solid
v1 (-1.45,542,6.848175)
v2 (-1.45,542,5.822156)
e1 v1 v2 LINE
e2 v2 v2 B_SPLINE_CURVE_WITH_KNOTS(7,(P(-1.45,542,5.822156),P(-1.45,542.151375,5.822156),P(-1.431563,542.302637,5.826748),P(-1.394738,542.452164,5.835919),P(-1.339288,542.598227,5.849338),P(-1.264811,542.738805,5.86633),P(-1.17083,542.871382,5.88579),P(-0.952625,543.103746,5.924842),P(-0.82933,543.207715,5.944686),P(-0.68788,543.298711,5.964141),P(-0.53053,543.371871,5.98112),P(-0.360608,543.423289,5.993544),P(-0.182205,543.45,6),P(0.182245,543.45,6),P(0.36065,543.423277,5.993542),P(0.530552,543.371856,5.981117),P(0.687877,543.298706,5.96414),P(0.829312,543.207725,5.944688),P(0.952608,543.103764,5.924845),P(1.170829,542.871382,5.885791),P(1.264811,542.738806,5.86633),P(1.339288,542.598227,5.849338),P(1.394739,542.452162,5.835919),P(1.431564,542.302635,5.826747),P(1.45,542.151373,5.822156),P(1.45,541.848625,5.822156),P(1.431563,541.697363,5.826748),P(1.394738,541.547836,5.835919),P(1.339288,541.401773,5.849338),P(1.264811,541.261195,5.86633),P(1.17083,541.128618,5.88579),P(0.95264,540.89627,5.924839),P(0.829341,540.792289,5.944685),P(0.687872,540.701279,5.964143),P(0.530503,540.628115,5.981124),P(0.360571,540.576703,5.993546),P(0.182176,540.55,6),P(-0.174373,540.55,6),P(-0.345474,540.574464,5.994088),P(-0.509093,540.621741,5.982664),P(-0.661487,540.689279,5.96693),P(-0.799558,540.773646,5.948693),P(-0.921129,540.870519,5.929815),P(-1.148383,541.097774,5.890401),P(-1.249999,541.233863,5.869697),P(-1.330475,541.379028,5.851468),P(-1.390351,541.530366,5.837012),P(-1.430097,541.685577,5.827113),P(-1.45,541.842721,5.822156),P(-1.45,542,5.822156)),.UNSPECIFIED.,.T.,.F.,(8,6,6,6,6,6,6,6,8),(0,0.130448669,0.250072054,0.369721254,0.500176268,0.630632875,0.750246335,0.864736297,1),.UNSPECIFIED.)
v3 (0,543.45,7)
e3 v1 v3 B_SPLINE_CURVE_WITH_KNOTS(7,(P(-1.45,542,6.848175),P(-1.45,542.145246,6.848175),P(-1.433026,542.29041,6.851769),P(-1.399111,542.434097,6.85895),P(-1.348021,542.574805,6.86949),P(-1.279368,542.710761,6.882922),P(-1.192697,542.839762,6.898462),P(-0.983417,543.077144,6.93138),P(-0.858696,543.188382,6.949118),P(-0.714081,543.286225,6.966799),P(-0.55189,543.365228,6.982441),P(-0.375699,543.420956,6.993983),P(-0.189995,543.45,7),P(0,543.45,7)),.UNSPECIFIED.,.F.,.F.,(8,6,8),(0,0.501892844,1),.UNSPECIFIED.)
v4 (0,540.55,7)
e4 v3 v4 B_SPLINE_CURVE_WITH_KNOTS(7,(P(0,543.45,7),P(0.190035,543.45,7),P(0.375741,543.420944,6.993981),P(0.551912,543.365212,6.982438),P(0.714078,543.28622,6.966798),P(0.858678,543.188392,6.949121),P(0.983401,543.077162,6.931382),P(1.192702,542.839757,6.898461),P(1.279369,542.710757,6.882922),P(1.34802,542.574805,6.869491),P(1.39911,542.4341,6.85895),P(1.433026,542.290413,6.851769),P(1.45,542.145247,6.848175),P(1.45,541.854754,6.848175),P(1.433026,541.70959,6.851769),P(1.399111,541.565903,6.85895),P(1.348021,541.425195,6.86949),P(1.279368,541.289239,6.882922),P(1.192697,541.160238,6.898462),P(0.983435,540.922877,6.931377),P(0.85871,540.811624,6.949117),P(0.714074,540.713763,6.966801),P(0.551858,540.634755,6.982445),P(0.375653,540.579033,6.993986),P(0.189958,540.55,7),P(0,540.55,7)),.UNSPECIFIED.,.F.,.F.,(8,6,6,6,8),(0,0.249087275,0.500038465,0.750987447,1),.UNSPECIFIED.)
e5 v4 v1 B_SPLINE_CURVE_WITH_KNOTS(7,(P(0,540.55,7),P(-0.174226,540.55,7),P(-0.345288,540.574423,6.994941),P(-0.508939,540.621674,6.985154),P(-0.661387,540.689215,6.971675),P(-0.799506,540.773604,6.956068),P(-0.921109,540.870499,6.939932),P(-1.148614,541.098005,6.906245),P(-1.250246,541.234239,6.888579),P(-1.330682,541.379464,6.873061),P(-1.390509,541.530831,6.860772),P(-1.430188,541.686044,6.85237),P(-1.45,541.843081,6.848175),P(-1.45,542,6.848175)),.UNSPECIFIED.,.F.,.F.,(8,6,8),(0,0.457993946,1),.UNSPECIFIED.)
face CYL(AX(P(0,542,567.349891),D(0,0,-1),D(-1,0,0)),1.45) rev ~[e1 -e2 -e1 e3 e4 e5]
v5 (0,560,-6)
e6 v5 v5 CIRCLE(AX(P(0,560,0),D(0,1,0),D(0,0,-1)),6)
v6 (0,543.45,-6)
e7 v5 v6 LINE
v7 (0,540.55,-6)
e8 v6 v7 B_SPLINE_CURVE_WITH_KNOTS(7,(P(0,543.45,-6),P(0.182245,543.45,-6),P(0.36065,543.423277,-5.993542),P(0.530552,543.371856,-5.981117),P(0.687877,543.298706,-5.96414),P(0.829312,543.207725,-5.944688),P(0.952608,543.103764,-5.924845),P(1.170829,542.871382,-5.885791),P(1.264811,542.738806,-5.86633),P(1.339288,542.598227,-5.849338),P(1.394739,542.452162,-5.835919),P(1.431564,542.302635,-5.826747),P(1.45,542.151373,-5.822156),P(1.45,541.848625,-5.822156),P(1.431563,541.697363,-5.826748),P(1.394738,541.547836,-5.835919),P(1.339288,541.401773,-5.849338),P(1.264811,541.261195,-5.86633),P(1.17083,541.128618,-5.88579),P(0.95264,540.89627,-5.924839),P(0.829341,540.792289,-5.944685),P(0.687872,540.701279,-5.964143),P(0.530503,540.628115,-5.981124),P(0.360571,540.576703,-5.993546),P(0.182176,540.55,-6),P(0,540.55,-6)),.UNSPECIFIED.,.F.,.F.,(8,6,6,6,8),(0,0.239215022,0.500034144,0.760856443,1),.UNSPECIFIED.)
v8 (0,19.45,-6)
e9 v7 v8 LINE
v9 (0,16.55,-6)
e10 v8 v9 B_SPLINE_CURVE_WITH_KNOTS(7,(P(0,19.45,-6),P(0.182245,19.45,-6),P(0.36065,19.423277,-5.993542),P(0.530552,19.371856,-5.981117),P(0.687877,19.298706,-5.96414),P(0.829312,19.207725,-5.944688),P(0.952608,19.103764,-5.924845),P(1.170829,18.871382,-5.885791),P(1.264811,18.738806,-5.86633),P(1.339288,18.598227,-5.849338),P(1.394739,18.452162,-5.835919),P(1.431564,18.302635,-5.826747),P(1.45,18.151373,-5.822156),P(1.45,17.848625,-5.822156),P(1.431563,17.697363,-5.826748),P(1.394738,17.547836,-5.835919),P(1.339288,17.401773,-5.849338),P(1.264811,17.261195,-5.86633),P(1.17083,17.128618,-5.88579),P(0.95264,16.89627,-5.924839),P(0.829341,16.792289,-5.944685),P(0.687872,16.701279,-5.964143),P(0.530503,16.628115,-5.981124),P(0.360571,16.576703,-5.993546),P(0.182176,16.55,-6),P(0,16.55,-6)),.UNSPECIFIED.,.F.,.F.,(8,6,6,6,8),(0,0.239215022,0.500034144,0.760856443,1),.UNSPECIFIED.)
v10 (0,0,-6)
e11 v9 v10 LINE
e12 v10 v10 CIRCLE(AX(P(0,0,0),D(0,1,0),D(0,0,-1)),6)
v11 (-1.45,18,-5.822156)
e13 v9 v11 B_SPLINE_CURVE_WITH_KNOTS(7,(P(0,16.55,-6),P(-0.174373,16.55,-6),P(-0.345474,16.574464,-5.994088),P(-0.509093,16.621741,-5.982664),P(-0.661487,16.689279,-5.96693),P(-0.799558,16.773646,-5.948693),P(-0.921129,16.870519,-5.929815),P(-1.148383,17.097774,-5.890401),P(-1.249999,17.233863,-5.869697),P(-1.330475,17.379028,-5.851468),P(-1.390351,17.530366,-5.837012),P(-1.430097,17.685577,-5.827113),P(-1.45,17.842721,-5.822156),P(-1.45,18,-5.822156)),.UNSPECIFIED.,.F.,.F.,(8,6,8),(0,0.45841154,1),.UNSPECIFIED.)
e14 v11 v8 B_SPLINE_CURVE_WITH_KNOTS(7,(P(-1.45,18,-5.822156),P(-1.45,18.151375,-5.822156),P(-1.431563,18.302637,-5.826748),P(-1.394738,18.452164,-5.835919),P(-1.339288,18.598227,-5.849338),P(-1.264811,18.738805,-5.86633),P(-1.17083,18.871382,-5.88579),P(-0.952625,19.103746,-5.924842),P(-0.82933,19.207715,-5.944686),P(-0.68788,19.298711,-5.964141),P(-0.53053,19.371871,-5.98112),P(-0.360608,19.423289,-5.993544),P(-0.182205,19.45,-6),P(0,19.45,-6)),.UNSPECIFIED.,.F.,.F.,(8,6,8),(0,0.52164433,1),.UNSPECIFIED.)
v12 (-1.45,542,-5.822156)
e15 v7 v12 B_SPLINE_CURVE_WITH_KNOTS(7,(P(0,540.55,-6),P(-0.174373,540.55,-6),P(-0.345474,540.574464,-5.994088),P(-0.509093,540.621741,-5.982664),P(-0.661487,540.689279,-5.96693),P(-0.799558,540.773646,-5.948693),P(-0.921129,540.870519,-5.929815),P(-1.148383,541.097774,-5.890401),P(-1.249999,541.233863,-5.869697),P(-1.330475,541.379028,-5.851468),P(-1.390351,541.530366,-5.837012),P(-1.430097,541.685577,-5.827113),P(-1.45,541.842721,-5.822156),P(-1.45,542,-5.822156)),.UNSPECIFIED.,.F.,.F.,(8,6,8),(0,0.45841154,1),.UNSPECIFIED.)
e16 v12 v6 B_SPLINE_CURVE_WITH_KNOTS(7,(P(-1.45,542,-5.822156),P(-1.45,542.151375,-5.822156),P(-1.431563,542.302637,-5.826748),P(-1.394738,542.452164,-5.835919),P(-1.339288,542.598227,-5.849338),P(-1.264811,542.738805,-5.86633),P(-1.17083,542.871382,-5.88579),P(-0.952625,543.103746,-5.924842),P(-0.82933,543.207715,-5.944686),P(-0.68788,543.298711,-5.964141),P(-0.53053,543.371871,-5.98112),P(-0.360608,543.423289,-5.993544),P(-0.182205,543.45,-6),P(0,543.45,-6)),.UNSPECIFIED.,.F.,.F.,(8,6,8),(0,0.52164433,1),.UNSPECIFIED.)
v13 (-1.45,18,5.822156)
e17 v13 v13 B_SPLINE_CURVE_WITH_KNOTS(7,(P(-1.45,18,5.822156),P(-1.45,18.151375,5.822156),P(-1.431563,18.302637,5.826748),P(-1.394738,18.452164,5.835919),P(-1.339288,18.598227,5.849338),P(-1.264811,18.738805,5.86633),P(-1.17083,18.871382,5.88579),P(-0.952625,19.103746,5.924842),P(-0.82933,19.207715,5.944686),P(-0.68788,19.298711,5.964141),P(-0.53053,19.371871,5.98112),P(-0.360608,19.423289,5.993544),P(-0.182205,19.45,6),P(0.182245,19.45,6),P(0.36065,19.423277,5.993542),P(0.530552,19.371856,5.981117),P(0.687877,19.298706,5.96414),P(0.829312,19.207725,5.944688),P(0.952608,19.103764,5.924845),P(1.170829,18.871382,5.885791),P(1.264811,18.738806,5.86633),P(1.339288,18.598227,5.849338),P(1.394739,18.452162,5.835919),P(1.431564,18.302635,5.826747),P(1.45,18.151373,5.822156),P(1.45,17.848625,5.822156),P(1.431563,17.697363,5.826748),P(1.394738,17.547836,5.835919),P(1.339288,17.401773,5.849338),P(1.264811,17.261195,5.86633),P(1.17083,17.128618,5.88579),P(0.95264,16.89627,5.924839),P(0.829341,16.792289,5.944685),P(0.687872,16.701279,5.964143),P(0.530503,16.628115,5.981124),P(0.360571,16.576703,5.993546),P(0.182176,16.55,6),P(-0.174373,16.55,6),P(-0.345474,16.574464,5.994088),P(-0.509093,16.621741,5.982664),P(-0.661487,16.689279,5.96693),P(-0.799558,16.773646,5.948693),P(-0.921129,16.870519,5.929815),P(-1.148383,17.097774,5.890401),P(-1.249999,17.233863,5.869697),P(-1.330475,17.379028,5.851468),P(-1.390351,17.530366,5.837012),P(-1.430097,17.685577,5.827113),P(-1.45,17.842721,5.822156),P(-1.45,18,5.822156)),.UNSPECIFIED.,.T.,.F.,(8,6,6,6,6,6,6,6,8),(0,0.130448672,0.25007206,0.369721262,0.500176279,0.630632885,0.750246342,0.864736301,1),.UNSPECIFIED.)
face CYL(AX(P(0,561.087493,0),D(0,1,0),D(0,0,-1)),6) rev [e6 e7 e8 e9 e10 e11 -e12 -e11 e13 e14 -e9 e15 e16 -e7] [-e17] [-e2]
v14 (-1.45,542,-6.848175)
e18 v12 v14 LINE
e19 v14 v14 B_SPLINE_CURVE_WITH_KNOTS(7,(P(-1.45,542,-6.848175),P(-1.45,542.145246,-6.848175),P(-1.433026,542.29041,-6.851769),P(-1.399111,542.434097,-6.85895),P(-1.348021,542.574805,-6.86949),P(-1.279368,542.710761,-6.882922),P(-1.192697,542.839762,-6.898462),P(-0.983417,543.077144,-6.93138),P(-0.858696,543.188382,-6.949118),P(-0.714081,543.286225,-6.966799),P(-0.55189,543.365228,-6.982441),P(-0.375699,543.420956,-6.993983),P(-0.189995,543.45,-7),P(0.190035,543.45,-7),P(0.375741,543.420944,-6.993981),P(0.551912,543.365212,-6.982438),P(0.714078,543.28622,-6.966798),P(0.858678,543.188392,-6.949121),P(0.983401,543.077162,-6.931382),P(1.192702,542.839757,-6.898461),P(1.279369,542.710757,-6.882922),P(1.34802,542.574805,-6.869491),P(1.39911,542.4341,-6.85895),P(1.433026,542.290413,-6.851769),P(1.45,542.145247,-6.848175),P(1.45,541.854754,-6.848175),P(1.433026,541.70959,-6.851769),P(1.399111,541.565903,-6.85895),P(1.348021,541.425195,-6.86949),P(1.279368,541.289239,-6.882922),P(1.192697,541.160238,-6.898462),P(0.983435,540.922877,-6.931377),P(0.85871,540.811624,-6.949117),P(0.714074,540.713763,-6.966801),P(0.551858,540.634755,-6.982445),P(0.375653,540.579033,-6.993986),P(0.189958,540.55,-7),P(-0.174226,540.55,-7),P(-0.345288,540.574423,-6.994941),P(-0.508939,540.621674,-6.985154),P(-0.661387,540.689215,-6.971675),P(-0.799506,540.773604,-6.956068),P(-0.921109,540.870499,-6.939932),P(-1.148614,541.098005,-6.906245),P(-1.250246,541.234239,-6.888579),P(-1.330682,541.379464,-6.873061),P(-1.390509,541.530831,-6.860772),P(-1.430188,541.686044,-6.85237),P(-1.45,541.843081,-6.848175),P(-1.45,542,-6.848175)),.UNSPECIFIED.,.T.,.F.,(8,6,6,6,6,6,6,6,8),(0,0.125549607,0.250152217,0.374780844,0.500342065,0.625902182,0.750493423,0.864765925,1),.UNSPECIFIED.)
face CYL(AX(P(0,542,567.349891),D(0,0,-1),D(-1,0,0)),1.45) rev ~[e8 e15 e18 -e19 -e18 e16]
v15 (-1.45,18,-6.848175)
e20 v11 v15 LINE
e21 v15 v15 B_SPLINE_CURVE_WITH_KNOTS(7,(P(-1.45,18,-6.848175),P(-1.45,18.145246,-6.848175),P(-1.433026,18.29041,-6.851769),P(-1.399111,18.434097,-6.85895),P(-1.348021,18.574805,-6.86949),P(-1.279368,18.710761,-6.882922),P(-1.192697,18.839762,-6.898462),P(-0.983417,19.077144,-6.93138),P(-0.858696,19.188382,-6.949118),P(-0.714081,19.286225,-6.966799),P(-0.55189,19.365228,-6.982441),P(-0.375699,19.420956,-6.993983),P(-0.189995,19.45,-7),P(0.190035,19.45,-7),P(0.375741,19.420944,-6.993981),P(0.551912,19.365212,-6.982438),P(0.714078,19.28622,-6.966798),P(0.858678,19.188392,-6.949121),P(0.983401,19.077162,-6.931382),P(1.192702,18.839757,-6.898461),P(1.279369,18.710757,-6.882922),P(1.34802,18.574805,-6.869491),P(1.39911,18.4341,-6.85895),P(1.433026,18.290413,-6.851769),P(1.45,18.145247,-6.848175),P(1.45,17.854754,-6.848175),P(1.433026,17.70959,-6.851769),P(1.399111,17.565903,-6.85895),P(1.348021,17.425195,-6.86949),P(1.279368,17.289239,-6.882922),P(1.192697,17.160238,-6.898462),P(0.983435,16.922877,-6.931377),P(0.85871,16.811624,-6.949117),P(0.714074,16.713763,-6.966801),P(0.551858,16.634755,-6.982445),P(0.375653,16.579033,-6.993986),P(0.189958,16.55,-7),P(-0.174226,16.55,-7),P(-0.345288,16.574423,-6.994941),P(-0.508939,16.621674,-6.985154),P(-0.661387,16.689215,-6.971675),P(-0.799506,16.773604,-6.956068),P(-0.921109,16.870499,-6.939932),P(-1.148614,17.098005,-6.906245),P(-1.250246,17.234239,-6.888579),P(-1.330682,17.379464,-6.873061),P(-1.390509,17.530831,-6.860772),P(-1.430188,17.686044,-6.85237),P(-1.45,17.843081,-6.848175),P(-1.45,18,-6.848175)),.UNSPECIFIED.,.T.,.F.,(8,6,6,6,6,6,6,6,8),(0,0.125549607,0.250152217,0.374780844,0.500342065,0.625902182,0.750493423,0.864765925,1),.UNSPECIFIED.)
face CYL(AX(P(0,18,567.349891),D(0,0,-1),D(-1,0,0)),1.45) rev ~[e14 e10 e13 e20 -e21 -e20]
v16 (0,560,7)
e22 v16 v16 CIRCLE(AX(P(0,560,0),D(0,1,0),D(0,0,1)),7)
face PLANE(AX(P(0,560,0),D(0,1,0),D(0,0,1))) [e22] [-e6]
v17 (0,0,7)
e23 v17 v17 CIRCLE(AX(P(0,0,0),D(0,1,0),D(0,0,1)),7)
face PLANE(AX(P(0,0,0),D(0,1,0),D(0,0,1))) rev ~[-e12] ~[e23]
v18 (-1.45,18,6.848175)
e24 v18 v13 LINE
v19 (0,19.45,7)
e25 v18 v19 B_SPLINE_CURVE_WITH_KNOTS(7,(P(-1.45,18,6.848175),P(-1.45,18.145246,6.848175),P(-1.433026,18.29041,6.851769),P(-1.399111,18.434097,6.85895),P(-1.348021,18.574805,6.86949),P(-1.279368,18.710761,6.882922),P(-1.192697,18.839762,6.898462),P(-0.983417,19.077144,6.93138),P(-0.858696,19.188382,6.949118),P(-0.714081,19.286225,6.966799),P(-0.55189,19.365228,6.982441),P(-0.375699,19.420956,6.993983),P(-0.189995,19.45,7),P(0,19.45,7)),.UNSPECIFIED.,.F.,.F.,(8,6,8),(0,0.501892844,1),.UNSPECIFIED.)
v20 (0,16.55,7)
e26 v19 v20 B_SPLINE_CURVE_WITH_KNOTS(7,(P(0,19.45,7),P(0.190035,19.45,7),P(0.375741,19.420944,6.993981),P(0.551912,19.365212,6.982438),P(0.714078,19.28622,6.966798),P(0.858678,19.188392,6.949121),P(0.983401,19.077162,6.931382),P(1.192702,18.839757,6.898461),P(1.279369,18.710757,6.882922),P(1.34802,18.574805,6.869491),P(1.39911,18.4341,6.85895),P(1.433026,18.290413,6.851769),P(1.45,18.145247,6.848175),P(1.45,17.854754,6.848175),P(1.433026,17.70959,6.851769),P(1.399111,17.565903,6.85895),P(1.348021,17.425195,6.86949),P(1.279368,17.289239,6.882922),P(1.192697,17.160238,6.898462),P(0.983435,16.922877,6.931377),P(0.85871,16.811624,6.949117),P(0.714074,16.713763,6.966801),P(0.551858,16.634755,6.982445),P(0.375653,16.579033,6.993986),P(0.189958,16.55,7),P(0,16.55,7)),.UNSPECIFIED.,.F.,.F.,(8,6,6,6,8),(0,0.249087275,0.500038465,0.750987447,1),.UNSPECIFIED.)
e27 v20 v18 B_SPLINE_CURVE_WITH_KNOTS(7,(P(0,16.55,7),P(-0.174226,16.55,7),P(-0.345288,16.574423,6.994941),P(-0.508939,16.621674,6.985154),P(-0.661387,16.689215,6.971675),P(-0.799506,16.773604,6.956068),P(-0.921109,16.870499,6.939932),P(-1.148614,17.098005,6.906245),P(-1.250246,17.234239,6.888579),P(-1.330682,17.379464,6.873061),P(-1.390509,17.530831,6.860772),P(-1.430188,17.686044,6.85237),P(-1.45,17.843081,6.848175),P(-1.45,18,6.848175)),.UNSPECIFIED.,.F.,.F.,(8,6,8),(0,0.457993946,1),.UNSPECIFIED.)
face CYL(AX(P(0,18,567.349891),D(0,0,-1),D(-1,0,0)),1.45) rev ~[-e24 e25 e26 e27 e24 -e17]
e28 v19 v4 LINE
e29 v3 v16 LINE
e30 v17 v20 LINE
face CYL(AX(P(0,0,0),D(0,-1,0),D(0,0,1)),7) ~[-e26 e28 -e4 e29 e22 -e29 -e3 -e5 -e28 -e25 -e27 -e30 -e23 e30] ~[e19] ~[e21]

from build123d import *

# Parameters (mm, degrees)
SKETCH_1_R               = 7
EXTRUDE_1_DEPTH          = 560
CUT_EXTRUDE_1_DEPTH      = 561.087493165
CUT_EXTRUDE_1_DEPTH_BACK = 561.087493165
SKETCH_2_R               = 6
HOLE_WIZARD_M2_5_1_D     = 2.9


with BuildPart() as part:
    # 스케치1 → 보스-돌출1 (new body)
    with BuildSketch(Plane(origin=(0, 0, 0), x_dir=(1, 0, 0), z_dir=(0, 1, 0))):
        with Locations(Location((0, 0, 0), (0, 0, 270))):
            Circle(SKETCH_1_R)
    extrude(amount=EXTRUDE_1_DEPTH)

    # 스케치2 → 컷-돌출1 (cut, two sides: drawn at the far end of the back side and taken through both)
    with BuildSketch(Plane.XZ.offset(-CUT_EXTRUDE_1_DEPTH_BACK)):
        with Locations(Location((0, 0, 0), (0, 0, 270))):
            Circle(SKETCH_2_R)
    extrude(amount=CUT_EXTRUDE_1_DEPTH + CUT_EXTRUDE_1_DEPTH_BACK, mode=Mode.SUBTRACT)

    # M2.5 여유 구멍1 (through all)
    with Locations(Plane.XY.offset(7)):
        with Locations((0, 18), (0, 542)):
            Hole(HOLE_WIZARD_M2_5_1_D / 2)


solid = part.part
